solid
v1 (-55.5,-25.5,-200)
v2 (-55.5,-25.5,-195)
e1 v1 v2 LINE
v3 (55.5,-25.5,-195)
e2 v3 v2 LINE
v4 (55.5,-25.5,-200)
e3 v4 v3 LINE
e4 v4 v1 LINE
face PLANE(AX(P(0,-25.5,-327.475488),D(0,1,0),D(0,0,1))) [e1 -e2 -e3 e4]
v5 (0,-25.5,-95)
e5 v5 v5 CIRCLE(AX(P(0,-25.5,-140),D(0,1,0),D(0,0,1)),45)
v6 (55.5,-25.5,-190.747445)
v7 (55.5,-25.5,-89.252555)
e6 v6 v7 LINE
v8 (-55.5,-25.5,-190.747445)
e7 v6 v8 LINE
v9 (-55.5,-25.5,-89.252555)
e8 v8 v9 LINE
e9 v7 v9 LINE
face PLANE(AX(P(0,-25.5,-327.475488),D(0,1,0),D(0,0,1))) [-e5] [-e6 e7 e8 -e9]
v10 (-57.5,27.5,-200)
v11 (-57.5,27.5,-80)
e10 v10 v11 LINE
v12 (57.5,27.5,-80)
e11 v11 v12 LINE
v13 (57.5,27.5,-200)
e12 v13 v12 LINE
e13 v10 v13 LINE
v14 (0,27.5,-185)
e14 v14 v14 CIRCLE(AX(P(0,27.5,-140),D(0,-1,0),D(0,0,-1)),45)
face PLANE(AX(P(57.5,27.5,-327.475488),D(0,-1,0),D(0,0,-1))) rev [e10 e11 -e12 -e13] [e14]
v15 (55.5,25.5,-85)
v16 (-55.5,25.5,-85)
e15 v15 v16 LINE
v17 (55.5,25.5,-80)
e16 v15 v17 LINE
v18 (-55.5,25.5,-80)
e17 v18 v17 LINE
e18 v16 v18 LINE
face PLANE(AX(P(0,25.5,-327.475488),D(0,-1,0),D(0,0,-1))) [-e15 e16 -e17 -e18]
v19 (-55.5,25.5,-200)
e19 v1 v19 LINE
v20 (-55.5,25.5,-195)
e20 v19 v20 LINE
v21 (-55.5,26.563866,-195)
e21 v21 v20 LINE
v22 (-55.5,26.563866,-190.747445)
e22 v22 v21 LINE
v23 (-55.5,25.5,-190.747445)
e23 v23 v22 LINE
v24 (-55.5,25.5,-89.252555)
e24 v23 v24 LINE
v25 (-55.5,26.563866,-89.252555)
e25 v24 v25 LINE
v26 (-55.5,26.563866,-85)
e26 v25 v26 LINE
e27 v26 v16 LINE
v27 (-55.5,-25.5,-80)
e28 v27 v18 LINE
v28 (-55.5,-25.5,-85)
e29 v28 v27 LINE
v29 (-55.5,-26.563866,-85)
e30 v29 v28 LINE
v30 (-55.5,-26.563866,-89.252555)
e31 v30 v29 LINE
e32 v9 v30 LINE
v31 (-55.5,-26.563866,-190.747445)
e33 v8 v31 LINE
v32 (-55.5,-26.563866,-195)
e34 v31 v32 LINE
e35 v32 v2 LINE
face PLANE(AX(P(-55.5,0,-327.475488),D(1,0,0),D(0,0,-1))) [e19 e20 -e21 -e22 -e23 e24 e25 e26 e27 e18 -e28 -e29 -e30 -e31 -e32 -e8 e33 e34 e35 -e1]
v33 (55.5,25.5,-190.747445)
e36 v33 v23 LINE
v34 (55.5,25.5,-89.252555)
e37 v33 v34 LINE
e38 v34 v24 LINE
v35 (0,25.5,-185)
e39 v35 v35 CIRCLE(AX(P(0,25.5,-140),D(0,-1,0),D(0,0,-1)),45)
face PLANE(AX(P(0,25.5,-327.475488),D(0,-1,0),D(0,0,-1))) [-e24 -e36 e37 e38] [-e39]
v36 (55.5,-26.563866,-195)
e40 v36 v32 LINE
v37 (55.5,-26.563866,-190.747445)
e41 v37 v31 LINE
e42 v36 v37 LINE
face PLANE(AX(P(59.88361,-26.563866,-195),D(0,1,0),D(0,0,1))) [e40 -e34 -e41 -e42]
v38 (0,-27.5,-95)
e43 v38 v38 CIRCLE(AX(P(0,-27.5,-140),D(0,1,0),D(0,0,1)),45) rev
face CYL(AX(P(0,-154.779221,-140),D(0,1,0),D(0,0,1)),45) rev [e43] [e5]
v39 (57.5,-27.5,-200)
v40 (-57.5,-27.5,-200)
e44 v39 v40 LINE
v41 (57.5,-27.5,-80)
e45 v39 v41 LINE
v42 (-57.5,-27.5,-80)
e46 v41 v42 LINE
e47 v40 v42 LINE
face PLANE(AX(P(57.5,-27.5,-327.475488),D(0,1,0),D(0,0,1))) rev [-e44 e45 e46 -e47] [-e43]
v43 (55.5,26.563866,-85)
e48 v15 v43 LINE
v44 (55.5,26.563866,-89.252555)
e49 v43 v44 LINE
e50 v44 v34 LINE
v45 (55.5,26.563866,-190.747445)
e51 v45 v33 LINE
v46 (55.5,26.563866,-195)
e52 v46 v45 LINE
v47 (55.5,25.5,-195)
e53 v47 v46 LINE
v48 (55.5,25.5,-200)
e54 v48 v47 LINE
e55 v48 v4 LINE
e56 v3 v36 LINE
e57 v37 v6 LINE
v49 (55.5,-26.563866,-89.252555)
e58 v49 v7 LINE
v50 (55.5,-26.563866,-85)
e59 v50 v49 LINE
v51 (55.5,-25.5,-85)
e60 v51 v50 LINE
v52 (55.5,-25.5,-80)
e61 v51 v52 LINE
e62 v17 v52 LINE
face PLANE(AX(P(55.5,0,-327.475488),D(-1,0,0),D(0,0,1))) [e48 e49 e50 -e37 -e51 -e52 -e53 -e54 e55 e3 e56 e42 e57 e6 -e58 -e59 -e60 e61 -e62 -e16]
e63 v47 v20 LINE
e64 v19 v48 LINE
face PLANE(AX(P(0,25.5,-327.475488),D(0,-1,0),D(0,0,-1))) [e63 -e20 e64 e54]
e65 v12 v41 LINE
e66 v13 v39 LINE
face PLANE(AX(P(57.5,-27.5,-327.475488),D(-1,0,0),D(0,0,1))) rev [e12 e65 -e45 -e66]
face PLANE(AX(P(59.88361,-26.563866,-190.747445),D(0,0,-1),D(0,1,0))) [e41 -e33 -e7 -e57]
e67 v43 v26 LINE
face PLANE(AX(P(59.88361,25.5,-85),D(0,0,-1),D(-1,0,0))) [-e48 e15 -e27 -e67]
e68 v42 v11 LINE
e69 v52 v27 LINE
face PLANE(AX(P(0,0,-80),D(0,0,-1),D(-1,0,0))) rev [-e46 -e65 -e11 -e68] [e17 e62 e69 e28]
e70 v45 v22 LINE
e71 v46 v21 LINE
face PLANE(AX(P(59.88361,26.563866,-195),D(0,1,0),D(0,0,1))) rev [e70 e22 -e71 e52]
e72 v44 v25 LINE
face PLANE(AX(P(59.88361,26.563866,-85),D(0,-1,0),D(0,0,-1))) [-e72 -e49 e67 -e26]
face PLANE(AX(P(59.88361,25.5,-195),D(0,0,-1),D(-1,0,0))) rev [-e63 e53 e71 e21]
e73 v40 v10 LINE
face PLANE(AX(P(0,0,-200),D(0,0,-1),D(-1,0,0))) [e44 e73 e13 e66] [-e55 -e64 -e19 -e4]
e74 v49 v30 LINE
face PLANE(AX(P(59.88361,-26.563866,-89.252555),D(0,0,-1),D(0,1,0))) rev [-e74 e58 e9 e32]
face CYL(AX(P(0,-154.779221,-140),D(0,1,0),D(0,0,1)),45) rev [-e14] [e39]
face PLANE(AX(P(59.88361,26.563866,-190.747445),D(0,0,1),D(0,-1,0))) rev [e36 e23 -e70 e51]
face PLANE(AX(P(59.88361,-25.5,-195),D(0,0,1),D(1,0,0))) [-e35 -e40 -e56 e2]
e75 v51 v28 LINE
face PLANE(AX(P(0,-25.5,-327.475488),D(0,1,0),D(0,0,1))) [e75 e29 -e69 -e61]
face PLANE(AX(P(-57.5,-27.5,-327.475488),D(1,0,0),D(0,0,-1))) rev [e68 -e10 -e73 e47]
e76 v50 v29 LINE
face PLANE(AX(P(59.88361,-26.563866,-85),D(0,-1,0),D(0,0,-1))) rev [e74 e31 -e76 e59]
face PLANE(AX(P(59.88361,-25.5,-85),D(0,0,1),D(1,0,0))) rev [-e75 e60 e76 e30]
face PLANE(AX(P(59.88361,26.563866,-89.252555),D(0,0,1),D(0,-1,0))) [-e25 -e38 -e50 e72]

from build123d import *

# Parameters (mm, degrees)
SKETCH4_W               = 115
SKETCH4_H               = 55
SKETCH4_W_2             = 111
SKETCH4_H_2             = 51
FLAT_SURFACE_DEPTH      = 120
SKETCH9_R               = 45
CUT_EXTRUDE1_DEPTH      = 1
CUT_EXTRUDE1_DEPTH_BACK = 55
SKETCH10_W              = 4.252555104
SKETCH10_H              = 1.06386625
CUT_EXTRUDE2_DEPTH      = 111
MIRROR2_COPY_1_SKETCH_W = 4.252555104
MIRROR2_COPY_1_SKETCH_H = 1.06386625
MIRROR2_COPY_1_DEPTH    = 111


with BuildPart() as part:
    # Sketch4 → Flat-surface (new body)
    with BuildSketch(Plane(origin=(0, 0, -80), x_dir=(-1, 0, 0), z_dir=(0, 0, -1))):
        Rectangle(SKETCH4_W, SKETCH4_H)
        Rectangle(SKETCH4_W_2, SKETCH4_H_2, mode=Mode.SUBTRACT)
    extrude(amount=FLAT_SURFACE_DEPTH)

    # Sketch9 → Cut-Extrude1 (cut, two sides)
    with BuildSketch(Plane(origin=(0, 27.5, 0), x_dir=(1, 0, 0), z_dir=(0, 1, 0))) as cut_extrude1_sk:
        with Locations((0, 140)):
            Circle(SKETCH9_R)
    extrude(amount=CUT_EXTRUDE1_DEPTH, mode=Mode.SUBTRACT)
    extrude(cut_extrude1_sk.sketch, amount=-CUT_EXTRUDE1_DEPTH_BACK, mode=Mode.SUBTRACT)

    # Sketch10 → Cut-Extrude2 (cut)
    with BuildSketch(Plane(origin=(-55.5, 0, 0), x_dir=(0, 0, -1), z_dir=(1, 0, 0))):
        with Locations((87.126277552, 26.031933125)):
            Rectangle(SKETCH10_W, SKETCH10_H)
    cut_extrude2 = extrude(amount=CUT_EXTRUDE2_DEPTH, mode=Mode.SUBTRACT)

    # Mirror1: Cut-Extrude2 across plane
    add(cut_extrude2.mirror(Plane.ZX), mode=Mode.SUBTRACT)

    # Mirror2: Cut-Extrude2 across plane
    add(cut_extrude2.mirror(Plane(origin=(0, 0, -140), x_dir=(1, 0, 0), z_dir=(0, 0, -1))), mode=Mode.SUBTRACT)

    # Mirror2 copy 1 sketch → Mirror2 copy 1 (cut)
    with BuildSketch(Plane(origin=(-55.5, 0, -280), x_dir=(0, 0, 1), z_dir=(1, 0, 0))):
        with Locations((87.126277552, 26.031933125)):
            Rectangle(MIRROR2_COPY_1_SKETCH_W, MIRROR2_COPY_1_SKETCH_H)
    extrude(amount=MIRROR2_COPY_1_DEPTH, mode=Mode.SUBTRACT)


solid = part.part
